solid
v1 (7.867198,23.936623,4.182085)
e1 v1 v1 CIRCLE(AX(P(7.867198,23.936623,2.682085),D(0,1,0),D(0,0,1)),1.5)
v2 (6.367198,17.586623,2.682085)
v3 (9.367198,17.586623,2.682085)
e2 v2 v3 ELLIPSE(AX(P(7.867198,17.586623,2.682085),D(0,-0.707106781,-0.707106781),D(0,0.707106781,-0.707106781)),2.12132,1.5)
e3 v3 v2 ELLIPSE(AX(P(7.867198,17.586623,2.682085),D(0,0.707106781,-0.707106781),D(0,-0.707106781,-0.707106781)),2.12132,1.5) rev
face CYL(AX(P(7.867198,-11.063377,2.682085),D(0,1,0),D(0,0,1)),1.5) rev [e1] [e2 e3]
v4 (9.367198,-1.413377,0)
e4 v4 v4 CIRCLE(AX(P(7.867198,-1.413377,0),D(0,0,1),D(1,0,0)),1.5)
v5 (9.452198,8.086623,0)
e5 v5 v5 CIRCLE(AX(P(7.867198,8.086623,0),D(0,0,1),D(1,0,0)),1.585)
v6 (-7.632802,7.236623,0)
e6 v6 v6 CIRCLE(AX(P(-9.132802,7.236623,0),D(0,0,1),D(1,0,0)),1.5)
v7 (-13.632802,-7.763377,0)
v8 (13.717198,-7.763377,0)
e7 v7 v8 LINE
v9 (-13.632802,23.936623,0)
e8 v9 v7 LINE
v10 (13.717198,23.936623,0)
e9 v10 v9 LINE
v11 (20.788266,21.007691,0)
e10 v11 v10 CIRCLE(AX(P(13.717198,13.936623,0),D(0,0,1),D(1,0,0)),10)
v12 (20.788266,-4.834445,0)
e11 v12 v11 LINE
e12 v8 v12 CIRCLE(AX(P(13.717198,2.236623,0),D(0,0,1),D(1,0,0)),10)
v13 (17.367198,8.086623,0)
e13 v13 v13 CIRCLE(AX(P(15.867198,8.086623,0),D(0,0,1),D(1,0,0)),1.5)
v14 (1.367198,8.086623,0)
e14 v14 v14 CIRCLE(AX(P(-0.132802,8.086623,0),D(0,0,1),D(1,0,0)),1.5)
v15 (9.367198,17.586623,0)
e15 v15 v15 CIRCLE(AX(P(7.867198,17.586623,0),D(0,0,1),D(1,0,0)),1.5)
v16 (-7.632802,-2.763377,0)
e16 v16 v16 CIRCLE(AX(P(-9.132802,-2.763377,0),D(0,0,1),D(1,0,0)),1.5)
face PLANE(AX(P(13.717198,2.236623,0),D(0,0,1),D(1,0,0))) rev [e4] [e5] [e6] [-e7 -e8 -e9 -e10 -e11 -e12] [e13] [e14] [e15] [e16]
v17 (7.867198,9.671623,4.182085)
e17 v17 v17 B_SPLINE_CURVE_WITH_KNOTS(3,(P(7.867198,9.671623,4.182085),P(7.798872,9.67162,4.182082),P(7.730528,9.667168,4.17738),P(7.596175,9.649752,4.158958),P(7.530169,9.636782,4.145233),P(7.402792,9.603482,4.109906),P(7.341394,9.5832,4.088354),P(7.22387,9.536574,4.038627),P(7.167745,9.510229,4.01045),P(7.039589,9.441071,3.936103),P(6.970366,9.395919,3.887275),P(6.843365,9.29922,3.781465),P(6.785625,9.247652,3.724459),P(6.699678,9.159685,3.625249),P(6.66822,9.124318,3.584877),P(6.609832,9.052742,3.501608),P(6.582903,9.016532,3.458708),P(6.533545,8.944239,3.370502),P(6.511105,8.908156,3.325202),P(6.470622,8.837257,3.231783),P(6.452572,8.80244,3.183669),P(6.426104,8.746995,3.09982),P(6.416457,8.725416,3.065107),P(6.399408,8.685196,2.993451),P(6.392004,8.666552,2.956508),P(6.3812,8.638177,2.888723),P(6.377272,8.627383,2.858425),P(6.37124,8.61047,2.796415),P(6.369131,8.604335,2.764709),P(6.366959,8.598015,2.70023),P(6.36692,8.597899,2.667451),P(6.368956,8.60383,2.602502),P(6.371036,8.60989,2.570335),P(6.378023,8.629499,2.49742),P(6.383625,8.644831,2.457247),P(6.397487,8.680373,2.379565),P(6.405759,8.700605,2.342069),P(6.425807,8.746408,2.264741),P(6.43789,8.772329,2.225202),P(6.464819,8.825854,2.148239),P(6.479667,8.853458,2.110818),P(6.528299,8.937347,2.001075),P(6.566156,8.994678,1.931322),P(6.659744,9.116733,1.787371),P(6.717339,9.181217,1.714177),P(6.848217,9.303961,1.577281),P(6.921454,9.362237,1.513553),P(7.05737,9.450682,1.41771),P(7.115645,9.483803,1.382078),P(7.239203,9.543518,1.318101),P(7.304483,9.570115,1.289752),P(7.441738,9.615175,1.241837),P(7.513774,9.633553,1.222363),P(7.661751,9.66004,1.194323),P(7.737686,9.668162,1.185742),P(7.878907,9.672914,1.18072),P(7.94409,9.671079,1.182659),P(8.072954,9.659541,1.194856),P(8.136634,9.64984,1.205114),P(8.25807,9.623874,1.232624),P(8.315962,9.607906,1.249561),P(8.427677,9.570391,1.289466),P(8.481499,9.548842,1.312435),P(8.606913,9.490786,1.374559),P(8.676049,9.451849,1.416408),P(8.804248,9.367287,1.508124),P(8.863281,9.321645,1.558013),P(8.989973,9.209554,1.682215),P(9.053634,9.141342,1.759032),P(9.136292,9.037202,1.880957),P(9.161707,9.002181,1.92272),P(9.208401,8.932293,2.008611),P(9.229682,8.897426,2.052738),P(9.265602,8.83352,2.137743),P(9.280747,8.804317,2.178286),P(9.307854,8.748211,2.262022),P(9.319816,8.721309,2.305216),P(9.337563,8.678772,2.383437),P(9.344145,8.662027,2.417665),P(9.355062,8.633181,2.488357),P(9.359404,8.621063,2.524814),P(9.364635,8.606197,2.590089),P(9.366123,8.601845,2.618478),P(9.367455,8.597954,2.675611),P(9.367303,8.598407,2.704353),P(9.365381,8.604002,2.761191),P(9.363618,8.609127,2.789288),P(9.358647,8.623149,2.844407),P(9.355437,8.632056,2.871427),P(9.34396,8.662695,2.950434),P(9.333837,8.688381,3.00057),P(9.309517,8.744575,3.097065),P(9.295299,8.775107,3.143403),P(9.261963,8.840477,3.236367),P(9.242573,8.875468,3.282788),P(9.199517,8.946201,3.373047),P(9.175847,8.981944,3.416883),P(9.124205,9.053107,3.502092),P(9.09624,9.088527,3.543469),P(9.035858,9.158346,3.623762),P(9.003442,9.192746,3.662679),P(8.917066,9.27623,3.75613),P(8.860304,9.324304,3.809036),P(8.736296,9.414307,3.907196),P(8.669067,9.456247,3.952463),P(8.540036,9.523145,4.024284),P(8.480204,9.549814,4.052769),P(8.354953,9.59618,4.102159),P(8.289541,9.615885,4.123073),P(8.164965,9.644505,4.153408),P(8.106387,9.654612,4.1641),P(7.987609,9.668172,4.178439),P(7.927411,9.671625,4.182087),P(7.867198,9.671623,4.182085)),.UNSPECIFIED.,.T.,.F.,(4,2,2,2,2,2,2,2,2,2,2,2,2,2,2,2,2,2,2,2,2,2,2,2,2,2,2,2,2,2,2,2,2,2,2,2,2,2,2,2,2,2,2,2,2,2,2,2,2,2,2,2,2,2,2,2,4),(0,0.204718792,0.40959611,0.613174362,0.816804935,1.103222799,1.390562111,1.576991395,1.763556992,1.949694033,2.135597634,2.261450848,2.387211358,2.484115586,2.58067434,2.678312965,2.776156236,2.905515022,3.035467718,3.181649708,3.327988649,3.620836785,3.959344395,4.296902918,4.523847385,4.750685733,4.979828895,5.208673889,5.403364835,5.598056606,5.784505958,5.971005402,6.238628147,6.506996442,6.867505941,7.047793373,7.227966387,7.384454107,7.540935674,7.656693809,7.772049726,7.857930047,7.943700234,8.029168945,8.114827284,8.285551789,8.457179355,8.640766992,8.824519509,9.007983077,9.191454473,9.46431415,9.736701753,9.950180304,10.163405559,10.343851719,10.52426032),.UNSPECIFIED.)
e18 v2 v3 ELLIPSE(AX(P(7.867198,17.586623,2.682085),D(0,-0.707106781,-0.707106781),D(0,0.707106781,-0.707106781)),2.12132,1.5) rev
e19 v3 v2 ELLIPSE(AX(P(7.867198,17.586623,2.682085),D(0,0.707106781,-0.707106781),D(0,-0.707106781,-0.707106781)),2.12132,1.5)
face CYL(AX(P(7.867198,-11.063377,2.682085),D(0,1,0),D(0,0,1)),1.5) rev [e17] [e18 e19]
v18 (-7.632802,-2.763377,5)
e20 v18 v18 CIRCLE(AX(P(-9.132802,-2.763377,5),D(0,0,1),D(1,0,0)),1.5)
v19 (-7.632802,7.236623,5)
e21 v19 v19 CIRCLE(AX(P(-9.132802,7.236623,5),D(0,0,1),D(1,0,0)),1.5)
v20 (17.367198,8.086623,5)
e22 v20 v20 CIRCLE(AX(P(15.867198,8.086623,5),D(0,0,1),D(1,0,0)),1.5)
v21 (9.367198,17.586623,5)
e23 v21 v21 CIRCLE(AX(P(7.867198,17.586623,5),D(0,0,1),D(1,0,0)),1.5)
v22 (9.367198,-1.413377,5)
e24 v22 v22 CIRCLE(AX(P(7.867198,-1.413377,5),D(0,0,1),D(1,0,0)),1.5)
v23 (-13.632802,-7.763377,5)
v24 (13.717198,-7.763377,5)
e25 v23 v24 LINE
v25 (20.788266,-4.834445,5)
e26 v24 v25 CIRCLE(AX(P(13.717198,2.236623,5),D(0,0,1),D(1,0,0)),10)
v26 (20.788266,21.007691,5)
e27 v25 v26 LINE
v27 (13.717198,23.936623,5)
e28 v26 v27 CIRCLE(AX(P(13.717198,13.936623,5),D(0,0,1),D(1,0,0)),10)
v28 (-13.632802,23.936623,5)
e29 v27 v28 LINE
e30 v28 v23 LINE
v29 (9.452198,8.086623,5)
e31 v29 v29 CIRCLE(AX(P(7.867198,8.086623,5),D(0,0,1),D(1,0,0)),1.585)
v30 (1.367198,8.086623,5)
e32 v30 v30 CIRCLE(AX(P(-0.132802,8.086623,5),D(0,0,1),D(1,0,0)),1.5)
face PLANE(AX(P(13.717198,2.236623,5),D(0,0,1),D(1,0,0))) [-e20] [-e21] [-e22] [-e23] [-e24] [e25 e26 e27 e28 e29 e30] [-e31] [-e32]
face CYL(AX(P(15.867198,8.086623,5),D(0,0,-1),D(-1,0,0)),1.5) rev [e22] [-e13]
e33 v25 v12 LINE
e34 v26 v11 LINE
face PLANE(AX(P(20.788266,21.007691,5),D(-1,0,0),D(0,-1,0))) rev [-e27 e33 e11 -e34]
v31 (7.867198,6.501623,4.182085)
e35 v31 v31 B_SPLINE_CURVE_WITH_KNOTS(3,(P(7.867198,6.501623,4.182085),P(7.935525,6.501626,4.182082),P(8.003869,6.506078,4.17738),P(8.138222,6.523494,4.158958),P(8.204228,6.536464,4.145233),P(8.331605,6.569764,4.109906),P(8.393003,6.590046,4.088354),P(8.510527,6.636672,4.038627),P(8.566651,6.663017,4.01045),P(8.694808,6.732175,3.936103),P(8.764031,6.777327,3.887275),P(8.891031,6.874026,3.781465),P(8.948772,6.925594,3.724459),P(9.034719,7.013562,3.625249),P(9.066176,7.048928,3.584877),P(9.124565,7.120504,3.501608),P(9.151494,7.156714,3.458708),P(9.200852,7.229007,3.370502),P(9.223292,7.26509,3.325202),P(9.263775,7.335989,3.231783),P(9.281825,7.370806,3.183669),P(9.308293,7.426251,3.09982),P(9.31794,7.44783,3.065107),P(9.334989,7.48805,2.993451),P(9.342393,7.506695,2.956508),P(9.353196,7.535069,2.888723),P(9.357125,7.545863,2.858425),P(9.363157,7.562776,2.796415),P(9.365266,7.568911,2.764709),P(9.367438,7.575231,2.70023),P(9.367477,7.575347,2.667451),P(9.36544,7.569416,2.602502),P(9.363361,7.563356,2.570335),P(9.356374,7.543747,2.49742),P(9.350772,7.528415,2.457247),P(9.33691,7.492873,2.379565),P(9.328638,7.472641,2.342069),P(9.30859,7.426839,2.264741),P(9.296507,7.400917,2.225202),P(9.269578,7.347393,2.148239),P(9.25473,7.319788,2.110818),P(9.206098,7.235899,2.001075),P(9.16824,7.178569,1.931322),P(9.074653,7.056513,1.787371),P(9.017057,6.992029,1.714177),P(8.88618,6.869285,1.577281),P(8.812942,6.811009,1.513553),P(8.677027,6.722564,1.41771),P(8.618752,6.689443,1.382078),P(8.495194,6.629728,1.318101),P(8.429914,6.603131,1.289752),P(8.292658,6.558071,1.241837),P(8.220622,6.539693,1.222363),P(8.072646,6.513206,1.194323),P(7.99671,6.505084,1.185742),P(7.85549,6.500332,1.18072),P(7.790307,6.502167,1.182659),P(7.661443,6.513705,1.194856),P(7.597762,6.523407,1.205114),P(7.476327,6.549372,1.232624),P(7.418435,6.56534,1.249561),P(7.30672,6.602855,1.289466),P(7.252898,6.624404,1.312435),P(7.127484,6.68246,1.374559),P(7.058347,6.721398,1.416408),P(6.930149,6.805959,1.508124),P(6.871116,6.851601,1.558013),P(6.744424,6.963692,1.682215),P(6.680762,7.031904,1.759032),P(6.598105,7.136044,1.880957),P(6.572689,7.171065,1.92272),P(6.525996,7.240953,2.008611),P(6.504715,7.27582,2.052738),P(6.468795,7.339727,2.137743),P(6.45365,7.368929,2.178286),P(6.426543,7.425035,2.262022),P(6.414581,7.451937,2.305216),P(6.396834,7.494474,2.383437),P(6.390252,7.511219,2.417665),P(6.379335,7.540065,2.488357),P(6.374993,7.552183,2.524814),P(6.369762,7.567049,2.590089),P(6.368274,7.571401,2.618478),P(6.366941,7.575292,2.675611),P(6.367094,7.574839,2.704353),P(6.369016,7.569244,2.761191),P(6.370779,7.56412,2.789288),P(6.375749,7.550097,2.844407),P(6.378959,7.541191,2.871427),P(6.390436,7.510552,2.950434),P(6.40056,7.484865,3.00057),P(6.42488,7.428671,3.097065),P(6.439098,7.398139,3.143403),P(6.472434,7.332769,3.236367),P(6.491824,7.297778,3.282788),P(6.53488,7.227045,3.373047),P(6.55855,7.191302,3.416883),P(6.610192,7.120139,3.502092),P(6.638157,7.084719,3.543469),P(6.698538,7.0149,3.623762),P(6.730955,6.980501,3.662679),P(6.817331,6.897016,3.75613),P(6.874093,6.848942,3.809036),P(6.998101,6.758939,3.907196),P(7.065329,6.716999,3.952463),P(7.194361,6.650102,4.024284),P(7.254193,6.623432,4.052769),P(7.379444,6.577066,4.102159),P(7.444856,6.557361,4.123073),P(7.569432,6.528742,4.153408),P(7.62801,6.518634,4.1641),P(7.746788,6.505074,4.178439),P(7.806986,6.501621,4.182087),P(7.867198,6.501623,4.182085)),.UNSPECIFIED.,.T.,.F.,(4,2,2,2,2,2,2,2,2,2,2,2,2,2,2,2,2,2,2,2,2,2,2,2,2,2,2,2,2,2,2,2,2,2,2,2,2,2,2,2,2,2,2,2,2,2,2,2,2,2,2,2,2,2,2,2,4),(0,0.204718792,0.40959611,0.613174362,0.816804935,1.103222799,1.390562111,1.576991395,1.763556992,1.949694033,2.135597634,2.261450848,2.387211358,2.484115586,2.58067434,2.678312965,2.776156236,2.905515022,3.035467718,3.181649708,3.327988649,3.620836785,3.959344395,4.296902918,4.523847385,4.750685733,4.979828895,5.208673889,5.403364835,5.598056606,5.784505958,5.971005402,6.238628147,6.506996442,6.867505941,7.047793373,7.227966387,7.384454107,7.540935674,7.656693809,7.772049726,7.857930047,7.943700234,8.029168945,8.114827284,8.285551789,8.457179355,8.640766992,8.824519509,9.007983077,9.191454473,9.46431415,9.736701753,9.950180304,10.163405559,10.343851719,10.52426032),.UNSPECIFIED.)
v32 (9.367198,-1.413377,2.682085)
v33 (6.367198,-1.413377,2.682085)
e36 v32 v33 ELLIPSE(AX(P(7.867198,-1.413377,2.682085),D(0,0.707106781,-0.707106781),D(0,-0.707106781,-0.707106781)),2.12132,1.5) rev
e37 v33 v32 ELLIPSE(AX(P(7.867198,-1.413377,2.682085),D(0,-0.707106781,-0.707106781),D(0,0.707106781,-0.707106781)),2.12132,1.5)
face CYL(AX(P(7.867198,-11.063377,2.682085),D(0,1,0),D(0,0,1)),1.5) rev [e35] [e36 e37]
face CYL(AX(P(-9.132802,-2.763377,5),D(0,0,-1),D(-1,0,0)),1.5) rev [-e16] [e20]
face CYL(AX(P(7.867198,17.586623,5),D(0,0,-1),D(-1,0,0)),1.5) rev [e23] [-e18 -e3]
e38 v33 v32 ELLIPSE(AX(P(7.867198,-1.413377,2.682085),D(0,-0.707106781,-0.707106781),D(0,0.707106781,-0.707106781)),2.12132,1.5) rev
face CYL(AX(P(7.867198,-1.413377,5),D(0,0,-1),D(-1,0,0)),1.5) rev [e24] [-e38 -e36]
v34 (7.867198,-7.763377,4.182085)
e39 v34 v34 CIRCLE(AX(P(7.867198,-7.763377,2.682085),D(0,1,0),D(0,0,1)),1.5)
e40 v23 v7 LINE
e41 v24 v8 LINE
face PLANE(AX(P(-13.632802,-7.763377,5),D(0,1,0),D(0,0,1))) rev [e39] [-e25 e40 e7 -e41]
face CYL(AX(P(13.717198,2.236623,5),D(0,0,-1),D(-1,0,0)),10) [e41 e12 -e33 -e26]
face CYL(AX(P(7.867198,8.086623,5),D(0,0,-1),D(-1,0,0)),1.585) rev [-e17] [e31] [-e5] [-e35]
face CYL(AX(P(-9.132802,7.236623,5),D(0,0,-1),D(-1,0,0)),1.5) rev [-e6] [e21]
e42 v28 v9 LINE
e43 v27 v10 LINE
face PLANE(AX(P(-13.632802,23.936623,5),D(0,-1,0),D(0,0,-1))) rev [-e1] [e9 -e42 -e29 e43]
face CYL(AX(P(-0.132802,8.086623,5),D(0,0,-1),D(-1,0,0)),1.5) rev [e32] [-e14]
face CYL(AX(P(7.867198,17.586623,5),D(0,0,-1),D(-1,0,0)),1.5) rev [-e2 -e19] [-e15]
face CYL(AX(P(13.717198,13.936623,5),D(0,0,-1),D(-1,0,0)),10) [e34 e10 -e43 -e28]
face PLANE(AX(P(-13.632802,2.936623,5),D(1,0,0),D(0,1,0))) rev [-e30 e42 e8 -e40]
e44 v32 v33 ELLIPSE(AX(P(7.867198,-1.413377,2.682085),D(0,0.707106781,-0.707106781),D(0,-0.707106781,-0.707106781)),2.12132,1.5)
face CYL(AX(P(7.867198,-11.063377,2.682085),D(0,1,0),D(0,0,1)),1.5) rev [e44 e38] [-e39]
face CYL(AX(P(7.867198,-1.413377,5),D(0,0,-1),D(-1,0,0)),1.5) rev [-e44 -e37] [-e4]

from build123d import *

# Parameters (mm, degrees)
CROQUIS1_R              = 1.585
CROQUIS1_R_2            = 1.5
SALIENTE_EXTRUIR1_DEPTH = 5
CROQUIS2_R              = 1.5
CORTAR_EXTRUIR1_DEPTH   = 35


with BuildPart() as part:
    # Croquis1 → Saliente-Extruir1 (new body)
    with BuildSketch(Plane.XY):
        with BuildLine():
            Line((-13.632801604, 23.936623068), (-13.632801604, 2.936623068))
            Line((-13.632801604, 2.936623068), (-13.632801604, -7.763376932))
            Line((-13.632801604, -7.763376932), (13.717198396, -7.763376932))
            ThreePointArc((13.717198396, -7.763376932), (17.54403272, -7.002172257), (20.788266208, -4.834444744))
            Line((20.788266208, -4.834444744), (20.788266208, 21.00769088))
            ThreePointArc((20.788266208, 21.00769088), (17.54403272, 23.175418393), (13.717198396, 23.936623068))
            Line((13.717198396, 23.936623068), (-13.632801604, 23.936623068))
        make_face()
        with Locations((7.867198396, 8.086623068)):
            Circle(CROQUIS1_R, mode=Mode.SUBTRACT)
        with Locations((-0.132801604, 8.086623068)):
            Circle(CROQUIS1_R_2, mode=Mode.SUBTRACT)
        with Locations((7.867198396, -1.413376932)):
            Circle(CROQUIS1_R_2, mode=Mode.SUBTRACT)
        with Locations((15.867198396, 8.086623068)):
            Circle(CROQUIS1_R_2, mode=Mode.SUBTRACT)
        with Locations((7.867198396, 17.586623068)):
            Circle(CROQUIS1_R_2, mode=Mode.SUBTRACT)
        with Locations((-9.132801604, 7.236623068)):
            Circle(CROQUIS1_R_2, mode=Mode.SUBTRACT)
        with Locations((-9.132801604, -2.763376932)):
            Circle(CROQUIS1_R_2, mode=Mode.SUBTRACT)
    extrude(amount=SALIENTE_EXTRUIR1_DEPTH)

    # Croquis2 → Cortar-Extruir1 (cut)
    with BuildSketch(Plane(origin=(0, 23.936623068, 0), x_dir=(1, 0, 0), z_dir=(0, 1, 0))):
        with Locations(Location((7.867198396, -2.682084827, 0), (0, 0, 270))):
            Circle(CROQUIS2_R)
    extrude(amount=-CORTAR_EXTRUIR1_DEPTH, mode=Mode.SUBTRACT)


solid = part.part
